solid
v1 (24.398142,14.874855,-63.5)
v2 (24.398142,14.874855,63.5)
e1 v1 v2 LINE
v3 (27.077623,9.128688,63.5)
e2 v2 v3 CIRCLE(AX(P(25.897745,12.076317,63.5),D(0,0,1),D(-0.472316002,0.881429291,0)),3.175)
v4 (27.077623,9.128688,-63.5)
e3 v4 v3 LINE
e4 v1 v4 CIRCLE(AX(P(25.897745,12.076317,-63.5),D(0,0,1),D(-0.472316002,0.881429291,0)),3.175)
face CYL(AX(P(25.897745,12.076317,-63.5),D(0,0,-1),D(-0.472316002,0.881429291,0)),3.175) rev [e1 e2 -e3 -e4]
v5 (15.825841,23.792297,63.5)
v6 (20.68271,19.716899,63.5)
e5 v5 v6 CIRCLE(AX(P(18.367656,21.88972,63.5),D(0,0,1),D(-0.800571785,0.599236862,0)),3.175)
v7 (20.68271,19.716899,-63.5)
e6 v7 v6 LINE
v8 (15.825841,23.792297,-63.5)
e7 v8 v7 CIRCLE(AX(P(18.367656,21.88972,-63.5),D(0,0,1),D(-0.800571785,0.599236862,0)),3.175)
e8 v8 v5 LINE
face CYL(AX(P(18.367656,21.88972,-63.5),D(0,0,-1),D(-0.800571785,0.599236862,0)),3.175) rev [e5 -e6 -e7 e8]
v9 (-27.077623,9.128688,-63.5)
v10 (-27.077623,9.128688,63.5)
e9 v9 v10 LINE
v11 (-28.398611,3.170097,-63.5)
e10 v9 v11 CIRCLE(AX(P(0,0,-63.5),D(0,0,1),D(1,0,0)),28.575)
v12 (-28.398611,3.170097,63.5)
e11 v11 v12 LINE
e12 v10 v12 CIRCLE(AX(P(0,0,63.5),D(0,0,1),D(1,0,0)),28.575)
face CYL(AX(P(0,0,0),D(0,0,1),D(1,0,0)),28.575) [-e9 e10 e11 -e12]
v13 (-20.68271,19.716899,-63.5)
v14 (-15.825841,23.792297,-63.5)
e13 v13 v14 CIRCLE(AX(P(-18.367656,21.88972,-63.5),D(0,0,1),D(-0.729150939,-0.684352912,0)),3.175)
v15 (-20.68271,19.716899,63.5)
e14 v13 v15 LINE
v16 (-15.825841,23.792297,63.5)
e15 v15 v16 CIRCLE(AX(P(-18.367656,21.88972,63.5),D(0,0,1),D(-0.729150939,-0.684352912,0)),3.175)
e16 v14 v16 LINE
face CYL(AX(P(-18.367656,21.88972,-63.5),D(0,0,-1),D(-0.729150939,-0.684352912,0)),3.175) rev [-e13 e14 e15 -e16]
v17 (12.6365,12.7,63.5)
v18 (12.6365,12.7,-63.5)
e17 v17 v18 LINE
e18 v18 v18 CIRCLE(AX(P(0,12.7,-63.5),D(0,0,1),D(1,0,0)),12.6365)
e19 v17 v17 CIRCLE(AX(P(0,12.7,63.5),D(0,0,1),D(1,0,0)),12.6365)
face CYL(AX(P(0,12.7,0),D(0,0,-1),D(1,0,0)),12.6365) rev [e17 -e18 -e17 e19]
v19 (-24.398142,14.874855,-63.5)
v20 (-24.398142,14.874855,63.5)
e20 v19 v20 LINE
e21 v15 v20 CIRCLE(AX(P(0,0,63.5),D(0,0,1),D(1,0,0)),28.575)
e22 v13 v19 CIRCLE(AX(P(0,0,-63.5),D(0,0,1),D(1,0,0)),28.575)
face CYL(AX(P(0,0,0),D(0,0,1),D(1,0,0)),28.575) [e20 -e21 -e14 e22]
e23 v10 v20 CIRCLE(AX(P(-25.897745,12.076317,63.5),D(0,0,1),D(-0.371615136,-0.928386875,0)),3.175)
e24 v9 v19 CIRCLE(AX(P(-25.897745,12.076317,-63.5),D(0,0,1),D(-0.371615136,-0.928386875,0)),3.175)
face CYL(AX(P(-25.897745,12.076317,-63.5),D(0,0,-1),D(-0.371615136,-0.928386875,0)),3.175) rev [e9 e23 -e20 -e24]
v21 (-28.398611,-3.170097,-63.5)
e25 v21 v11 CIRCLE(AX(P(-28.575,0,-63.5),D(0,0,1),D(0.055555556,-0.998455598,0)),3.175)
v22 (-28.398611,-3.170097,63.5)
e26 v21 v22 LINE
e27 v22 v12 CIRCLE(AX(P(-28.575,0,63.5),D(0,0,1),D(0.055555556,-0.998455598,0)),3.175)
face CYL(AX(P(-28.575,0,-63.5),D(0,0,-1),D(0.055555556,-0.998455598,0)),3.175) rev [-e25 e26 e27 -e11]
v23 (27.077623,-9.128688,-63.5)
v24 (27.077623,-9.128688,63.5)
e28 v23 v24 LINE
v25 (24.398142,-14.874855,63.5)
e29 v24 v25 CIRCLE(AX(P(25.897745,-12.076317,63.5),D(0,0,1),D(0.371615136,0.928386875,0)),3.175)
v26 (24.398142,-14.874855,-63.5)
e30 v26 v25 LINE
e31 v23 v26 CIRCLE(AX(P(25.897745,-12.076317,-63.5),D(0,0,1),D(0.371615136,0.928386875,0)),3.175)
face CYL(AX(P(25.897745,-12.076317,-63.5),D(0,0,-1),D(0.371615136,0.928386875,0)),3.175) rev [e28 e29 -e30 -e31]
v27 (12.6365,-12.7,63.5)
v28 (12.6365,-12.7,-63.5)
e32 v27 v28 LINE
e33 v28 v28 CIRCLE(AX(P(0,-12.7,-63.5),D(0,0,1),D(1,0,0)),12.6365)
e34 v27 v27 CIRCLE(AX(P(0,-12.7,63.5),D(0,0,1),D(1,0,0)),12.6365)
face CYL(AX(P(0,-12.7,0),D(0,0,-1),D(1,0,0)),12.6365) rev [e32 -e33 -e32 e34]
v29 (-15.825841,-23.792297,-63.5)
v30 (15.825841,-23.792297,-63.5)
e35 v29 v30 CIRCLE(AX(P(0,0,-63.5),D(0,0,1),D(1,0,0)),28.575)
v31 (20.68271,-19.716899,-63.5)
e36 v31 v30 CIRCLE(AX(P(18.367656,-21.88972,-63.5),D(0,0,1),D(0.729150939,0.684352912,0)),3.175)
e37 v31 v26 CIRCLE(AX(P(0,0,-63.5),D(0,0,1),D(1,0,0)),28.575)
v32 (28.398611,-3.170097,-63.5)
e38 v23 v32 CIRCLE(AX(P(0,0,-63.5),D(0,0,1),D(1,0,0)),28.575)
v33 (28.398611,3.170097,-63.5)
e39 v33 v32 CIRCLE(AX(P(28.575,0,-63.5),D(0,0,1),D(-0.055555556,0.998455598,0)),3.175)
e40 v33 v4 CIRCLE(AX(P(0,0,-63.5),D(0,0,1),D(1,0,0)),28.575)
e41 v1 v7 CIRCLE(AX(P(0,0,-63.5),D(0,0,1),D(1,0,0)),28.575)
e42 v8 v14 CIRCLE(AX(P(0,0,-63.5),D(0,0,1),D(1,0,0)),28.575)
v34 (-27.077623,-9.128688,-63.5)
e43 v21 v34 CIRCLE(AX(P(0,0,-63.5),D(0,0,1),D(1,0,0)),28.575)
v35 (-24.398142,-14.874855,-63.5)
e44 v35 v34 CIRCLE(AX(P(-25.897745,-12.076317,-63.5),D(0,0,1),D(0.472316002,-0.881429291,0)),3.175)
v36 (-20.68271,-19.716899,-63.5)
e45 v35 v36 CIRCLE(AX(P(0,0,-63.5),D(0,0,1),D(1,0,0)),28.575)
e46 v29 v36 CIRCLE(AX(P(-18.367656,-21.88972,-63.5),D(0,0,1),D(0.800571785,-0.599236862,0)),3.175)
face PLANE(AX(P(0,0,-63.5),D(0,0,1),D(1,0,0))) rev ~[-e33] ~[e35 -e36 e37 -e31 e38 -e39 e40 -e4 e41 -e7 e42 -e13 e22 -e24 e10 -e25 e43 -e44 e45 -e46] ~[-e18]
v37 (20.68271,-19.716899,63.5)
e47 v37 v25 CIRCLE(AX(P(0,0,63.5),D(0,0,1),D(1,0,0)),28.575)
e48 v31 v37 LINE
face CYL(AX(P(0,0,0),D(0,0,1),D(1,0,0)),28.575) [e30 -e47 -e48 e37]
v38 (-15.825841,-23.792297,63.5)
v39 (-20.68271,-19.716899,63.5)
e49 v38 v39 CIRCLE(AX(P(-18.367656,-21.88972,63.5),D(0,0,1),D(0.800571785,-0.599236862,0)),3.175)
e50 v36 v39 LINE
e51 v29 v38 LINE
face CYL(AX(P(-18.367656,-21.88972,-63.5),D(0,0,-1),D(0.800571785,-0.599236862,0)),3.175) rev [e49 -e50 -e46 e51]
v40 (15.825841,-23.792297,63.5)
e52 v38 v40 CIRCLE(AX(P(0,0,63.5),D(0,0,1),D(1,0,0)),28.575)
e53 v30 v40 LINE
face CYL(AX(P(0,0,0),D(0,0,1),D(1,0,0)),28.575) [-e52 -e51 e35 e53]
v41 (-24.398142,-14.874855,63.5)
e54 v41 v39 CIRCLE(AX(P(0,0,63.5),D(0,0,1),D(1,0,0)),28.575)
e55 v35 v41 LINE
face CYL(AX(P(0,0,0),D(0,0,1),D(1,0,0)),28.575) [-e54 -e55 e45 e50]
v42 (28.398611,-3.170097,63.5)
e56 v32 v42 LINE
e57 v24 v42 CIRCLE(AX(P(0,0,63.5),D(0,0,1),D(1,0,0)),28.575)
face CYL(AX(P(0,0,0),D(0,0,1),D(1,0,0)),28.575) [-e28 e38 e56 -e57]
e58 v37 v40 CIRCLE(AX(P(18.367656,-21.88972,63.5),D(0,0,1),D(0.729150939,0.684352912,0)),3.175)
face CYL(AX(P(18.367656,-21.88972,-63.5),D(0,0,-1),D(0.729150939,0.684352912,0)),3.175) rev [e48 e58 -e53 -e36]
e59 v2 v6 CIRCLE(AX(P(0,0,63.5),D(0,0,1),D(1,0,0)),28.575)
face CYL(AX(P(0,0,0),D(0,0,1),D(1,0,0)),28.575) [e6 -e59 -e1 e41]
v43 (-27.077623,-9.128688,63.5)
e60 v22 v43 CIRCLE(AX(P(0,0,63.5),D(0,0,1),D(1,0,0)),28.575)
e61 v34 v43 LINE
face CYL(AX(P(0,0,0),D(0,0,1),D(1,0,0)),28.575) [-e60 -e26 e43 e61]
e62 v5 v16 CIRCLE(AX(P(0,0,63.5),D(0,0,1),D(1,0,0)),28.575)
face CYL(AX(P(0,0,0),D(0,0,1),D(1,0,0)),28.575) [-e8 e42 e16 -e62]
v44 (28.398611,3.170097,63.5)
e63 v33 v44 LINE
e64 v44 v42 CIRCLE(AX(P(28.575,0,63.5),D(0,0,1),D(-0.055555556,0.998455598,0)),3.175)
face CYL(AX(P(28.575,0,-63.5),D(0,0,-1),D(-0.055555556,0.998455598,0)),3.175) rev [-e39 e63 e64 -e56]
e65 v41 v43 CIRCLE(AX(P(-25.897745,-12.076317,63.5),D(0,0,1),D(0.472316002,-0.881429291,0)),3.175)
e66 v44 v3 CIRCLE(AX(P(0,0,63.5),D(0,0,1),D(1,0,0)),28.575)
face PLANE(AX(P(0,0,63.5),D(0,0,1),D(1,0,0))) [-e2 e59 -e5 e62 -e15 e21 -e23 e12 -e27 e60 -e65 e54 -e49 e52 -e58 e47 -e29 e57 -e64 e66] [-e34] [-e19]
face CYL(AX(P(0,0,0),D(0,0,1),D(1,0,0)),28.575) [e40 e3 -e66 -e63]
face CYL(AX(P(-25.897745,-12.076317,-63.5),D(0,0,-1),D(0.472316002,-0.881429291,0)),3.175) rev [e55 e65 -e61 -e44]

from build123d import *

# Parameters (mm, degrees)
F0_R     = 28.575
F0_R_2   = 12.6365
F1_DEPTH = 63.5
F4_DEPTH = 127


with BuildPart() as f1:
    # F0 (on Top) → F1 (new body, symmetric)
    with BuildSketch(Plane.XY):
        Circle(F0_R)
        with Locations((0, -12.7)):
            Circle(F0_R_2, mode=Mode.SUBTRACT)
        with Locations((0, 12.7)):
            Circle(F0_R_2, mode=Mode.SUBTRACT)
    extrude(amount=F1_DEPTH, both=True)

    # F3 (on offset) → F4 (cut)
    with BuildSketch(Plane.XY.offset(-63.5)):
        with BuildLine():
            ThreePointArc((15.8258405296, -23.792297), (18.3676559468, -21.8897199621), (20.6827101795, -19.716899468))
            ThreePointArc((20.6827101795, -19.716899468), (16.326805286, -19.4575288553), (15.8258405296, -23.792297))
        make_face()
        with BuildLine():
            ThreePointArc((24.3981417093, -14.8748548273), (25.8977450146, -12.0763168292), (27.0776230728, -9.1286884999))
            ThreePointArc((27.0776230728, -9.1286884999), (23.0202177907, -10.7345038482), (24.3981417093, -14.8748548273))
        make_face()
        with BuildLine():
            ThreePointArc((28.3986111111, -3.1700965222), (28.575, 0), (28.3986111111, 3.1700965222))
            ThreePointArc((28.3986111111, 3.1700965222), (25.4, 0), (28.3986111111, -3.1700965222))
        make_face()
        with BuildLine():
            ThreePointArc((27.0776230728, 9.1286884999), (25.8977450146, 12.0763168292), (24.3981417093, 14.8748548273))
            ThreePointArc((24.3981417093, 14.8748548273), (23.0202177907, 10.7345038482), (27.0776230728, 9.1286884999))
        make_face()
        with BuildLine():
            ThreePointArc((20.6827101795, 19.716899468), (18.3676559468, 21.8897199621), (15.8258405296, 23.792297))
            ThreePointArc((15.8258405296, 23.792297), (16.326805286, 19.4575288553), (20.6827101795, 19.716899468))
        make_face()
        with BuildLine():
            ThreePointArc((-20.6827101795, 19.716899468), (-16.326805286, 19.4575288553), (-15.8258405296, 23.792297))
            ThreePointArc((-15.8258405296, 23.792297), (-18.3676559468, 21.8897199621), (-20.6827101795, 19.716899468))
        make_face()
        with BuildLine():
            ThreePointArc((-27.0776230728, 9.1286884999), (-23.0202177907, 10.7345038482), (-24.3981417093, 14.8748548273))
            ThreePointArc((-24.3981417093, 14.8748548273), (-25.8977450146, 12.0763168292), (-27.0776230728, 9.1286884999))
        make_face()
        with BuildLine():
            ThreePointArc((-28.3986111111, -3.1700965222), (-25.4, 0), (-28.3986111111, 3.1700965222))
            ThreePointArc((-28.3986111111, 3.1700965222), (-28.575, 0), (-28.3986111111, -3.1700965222))
        make_face()
        with BuildLine():
            ThreePointArc((-24.3981417093, -14.8748548273), (-23.0202177907, -10.7345038482), (-27.0776230728, -9.1286884999))
            ThreePointArc((-27.0776230728, -9.1286884999), (-25.8977450146, -12.0763168292), (-24.3981417093, -14.8748548273))
        make_face()
        with BuildLine():
            ThreePointArc((-15.8258405296, -23.792297), (-16.326805286, -19.4575288553), (-20.6827101795, -19.716899468))
            ThreePointArc((-20.6827101795, -19.716899468), (-18.3676559468, -21.8897199621), (-15.8258405296, -23.792297))
        make_face()
    extrude(amount=F4_DEPTH, mode=Mode.SUBTRACT)


solid = f1.part
